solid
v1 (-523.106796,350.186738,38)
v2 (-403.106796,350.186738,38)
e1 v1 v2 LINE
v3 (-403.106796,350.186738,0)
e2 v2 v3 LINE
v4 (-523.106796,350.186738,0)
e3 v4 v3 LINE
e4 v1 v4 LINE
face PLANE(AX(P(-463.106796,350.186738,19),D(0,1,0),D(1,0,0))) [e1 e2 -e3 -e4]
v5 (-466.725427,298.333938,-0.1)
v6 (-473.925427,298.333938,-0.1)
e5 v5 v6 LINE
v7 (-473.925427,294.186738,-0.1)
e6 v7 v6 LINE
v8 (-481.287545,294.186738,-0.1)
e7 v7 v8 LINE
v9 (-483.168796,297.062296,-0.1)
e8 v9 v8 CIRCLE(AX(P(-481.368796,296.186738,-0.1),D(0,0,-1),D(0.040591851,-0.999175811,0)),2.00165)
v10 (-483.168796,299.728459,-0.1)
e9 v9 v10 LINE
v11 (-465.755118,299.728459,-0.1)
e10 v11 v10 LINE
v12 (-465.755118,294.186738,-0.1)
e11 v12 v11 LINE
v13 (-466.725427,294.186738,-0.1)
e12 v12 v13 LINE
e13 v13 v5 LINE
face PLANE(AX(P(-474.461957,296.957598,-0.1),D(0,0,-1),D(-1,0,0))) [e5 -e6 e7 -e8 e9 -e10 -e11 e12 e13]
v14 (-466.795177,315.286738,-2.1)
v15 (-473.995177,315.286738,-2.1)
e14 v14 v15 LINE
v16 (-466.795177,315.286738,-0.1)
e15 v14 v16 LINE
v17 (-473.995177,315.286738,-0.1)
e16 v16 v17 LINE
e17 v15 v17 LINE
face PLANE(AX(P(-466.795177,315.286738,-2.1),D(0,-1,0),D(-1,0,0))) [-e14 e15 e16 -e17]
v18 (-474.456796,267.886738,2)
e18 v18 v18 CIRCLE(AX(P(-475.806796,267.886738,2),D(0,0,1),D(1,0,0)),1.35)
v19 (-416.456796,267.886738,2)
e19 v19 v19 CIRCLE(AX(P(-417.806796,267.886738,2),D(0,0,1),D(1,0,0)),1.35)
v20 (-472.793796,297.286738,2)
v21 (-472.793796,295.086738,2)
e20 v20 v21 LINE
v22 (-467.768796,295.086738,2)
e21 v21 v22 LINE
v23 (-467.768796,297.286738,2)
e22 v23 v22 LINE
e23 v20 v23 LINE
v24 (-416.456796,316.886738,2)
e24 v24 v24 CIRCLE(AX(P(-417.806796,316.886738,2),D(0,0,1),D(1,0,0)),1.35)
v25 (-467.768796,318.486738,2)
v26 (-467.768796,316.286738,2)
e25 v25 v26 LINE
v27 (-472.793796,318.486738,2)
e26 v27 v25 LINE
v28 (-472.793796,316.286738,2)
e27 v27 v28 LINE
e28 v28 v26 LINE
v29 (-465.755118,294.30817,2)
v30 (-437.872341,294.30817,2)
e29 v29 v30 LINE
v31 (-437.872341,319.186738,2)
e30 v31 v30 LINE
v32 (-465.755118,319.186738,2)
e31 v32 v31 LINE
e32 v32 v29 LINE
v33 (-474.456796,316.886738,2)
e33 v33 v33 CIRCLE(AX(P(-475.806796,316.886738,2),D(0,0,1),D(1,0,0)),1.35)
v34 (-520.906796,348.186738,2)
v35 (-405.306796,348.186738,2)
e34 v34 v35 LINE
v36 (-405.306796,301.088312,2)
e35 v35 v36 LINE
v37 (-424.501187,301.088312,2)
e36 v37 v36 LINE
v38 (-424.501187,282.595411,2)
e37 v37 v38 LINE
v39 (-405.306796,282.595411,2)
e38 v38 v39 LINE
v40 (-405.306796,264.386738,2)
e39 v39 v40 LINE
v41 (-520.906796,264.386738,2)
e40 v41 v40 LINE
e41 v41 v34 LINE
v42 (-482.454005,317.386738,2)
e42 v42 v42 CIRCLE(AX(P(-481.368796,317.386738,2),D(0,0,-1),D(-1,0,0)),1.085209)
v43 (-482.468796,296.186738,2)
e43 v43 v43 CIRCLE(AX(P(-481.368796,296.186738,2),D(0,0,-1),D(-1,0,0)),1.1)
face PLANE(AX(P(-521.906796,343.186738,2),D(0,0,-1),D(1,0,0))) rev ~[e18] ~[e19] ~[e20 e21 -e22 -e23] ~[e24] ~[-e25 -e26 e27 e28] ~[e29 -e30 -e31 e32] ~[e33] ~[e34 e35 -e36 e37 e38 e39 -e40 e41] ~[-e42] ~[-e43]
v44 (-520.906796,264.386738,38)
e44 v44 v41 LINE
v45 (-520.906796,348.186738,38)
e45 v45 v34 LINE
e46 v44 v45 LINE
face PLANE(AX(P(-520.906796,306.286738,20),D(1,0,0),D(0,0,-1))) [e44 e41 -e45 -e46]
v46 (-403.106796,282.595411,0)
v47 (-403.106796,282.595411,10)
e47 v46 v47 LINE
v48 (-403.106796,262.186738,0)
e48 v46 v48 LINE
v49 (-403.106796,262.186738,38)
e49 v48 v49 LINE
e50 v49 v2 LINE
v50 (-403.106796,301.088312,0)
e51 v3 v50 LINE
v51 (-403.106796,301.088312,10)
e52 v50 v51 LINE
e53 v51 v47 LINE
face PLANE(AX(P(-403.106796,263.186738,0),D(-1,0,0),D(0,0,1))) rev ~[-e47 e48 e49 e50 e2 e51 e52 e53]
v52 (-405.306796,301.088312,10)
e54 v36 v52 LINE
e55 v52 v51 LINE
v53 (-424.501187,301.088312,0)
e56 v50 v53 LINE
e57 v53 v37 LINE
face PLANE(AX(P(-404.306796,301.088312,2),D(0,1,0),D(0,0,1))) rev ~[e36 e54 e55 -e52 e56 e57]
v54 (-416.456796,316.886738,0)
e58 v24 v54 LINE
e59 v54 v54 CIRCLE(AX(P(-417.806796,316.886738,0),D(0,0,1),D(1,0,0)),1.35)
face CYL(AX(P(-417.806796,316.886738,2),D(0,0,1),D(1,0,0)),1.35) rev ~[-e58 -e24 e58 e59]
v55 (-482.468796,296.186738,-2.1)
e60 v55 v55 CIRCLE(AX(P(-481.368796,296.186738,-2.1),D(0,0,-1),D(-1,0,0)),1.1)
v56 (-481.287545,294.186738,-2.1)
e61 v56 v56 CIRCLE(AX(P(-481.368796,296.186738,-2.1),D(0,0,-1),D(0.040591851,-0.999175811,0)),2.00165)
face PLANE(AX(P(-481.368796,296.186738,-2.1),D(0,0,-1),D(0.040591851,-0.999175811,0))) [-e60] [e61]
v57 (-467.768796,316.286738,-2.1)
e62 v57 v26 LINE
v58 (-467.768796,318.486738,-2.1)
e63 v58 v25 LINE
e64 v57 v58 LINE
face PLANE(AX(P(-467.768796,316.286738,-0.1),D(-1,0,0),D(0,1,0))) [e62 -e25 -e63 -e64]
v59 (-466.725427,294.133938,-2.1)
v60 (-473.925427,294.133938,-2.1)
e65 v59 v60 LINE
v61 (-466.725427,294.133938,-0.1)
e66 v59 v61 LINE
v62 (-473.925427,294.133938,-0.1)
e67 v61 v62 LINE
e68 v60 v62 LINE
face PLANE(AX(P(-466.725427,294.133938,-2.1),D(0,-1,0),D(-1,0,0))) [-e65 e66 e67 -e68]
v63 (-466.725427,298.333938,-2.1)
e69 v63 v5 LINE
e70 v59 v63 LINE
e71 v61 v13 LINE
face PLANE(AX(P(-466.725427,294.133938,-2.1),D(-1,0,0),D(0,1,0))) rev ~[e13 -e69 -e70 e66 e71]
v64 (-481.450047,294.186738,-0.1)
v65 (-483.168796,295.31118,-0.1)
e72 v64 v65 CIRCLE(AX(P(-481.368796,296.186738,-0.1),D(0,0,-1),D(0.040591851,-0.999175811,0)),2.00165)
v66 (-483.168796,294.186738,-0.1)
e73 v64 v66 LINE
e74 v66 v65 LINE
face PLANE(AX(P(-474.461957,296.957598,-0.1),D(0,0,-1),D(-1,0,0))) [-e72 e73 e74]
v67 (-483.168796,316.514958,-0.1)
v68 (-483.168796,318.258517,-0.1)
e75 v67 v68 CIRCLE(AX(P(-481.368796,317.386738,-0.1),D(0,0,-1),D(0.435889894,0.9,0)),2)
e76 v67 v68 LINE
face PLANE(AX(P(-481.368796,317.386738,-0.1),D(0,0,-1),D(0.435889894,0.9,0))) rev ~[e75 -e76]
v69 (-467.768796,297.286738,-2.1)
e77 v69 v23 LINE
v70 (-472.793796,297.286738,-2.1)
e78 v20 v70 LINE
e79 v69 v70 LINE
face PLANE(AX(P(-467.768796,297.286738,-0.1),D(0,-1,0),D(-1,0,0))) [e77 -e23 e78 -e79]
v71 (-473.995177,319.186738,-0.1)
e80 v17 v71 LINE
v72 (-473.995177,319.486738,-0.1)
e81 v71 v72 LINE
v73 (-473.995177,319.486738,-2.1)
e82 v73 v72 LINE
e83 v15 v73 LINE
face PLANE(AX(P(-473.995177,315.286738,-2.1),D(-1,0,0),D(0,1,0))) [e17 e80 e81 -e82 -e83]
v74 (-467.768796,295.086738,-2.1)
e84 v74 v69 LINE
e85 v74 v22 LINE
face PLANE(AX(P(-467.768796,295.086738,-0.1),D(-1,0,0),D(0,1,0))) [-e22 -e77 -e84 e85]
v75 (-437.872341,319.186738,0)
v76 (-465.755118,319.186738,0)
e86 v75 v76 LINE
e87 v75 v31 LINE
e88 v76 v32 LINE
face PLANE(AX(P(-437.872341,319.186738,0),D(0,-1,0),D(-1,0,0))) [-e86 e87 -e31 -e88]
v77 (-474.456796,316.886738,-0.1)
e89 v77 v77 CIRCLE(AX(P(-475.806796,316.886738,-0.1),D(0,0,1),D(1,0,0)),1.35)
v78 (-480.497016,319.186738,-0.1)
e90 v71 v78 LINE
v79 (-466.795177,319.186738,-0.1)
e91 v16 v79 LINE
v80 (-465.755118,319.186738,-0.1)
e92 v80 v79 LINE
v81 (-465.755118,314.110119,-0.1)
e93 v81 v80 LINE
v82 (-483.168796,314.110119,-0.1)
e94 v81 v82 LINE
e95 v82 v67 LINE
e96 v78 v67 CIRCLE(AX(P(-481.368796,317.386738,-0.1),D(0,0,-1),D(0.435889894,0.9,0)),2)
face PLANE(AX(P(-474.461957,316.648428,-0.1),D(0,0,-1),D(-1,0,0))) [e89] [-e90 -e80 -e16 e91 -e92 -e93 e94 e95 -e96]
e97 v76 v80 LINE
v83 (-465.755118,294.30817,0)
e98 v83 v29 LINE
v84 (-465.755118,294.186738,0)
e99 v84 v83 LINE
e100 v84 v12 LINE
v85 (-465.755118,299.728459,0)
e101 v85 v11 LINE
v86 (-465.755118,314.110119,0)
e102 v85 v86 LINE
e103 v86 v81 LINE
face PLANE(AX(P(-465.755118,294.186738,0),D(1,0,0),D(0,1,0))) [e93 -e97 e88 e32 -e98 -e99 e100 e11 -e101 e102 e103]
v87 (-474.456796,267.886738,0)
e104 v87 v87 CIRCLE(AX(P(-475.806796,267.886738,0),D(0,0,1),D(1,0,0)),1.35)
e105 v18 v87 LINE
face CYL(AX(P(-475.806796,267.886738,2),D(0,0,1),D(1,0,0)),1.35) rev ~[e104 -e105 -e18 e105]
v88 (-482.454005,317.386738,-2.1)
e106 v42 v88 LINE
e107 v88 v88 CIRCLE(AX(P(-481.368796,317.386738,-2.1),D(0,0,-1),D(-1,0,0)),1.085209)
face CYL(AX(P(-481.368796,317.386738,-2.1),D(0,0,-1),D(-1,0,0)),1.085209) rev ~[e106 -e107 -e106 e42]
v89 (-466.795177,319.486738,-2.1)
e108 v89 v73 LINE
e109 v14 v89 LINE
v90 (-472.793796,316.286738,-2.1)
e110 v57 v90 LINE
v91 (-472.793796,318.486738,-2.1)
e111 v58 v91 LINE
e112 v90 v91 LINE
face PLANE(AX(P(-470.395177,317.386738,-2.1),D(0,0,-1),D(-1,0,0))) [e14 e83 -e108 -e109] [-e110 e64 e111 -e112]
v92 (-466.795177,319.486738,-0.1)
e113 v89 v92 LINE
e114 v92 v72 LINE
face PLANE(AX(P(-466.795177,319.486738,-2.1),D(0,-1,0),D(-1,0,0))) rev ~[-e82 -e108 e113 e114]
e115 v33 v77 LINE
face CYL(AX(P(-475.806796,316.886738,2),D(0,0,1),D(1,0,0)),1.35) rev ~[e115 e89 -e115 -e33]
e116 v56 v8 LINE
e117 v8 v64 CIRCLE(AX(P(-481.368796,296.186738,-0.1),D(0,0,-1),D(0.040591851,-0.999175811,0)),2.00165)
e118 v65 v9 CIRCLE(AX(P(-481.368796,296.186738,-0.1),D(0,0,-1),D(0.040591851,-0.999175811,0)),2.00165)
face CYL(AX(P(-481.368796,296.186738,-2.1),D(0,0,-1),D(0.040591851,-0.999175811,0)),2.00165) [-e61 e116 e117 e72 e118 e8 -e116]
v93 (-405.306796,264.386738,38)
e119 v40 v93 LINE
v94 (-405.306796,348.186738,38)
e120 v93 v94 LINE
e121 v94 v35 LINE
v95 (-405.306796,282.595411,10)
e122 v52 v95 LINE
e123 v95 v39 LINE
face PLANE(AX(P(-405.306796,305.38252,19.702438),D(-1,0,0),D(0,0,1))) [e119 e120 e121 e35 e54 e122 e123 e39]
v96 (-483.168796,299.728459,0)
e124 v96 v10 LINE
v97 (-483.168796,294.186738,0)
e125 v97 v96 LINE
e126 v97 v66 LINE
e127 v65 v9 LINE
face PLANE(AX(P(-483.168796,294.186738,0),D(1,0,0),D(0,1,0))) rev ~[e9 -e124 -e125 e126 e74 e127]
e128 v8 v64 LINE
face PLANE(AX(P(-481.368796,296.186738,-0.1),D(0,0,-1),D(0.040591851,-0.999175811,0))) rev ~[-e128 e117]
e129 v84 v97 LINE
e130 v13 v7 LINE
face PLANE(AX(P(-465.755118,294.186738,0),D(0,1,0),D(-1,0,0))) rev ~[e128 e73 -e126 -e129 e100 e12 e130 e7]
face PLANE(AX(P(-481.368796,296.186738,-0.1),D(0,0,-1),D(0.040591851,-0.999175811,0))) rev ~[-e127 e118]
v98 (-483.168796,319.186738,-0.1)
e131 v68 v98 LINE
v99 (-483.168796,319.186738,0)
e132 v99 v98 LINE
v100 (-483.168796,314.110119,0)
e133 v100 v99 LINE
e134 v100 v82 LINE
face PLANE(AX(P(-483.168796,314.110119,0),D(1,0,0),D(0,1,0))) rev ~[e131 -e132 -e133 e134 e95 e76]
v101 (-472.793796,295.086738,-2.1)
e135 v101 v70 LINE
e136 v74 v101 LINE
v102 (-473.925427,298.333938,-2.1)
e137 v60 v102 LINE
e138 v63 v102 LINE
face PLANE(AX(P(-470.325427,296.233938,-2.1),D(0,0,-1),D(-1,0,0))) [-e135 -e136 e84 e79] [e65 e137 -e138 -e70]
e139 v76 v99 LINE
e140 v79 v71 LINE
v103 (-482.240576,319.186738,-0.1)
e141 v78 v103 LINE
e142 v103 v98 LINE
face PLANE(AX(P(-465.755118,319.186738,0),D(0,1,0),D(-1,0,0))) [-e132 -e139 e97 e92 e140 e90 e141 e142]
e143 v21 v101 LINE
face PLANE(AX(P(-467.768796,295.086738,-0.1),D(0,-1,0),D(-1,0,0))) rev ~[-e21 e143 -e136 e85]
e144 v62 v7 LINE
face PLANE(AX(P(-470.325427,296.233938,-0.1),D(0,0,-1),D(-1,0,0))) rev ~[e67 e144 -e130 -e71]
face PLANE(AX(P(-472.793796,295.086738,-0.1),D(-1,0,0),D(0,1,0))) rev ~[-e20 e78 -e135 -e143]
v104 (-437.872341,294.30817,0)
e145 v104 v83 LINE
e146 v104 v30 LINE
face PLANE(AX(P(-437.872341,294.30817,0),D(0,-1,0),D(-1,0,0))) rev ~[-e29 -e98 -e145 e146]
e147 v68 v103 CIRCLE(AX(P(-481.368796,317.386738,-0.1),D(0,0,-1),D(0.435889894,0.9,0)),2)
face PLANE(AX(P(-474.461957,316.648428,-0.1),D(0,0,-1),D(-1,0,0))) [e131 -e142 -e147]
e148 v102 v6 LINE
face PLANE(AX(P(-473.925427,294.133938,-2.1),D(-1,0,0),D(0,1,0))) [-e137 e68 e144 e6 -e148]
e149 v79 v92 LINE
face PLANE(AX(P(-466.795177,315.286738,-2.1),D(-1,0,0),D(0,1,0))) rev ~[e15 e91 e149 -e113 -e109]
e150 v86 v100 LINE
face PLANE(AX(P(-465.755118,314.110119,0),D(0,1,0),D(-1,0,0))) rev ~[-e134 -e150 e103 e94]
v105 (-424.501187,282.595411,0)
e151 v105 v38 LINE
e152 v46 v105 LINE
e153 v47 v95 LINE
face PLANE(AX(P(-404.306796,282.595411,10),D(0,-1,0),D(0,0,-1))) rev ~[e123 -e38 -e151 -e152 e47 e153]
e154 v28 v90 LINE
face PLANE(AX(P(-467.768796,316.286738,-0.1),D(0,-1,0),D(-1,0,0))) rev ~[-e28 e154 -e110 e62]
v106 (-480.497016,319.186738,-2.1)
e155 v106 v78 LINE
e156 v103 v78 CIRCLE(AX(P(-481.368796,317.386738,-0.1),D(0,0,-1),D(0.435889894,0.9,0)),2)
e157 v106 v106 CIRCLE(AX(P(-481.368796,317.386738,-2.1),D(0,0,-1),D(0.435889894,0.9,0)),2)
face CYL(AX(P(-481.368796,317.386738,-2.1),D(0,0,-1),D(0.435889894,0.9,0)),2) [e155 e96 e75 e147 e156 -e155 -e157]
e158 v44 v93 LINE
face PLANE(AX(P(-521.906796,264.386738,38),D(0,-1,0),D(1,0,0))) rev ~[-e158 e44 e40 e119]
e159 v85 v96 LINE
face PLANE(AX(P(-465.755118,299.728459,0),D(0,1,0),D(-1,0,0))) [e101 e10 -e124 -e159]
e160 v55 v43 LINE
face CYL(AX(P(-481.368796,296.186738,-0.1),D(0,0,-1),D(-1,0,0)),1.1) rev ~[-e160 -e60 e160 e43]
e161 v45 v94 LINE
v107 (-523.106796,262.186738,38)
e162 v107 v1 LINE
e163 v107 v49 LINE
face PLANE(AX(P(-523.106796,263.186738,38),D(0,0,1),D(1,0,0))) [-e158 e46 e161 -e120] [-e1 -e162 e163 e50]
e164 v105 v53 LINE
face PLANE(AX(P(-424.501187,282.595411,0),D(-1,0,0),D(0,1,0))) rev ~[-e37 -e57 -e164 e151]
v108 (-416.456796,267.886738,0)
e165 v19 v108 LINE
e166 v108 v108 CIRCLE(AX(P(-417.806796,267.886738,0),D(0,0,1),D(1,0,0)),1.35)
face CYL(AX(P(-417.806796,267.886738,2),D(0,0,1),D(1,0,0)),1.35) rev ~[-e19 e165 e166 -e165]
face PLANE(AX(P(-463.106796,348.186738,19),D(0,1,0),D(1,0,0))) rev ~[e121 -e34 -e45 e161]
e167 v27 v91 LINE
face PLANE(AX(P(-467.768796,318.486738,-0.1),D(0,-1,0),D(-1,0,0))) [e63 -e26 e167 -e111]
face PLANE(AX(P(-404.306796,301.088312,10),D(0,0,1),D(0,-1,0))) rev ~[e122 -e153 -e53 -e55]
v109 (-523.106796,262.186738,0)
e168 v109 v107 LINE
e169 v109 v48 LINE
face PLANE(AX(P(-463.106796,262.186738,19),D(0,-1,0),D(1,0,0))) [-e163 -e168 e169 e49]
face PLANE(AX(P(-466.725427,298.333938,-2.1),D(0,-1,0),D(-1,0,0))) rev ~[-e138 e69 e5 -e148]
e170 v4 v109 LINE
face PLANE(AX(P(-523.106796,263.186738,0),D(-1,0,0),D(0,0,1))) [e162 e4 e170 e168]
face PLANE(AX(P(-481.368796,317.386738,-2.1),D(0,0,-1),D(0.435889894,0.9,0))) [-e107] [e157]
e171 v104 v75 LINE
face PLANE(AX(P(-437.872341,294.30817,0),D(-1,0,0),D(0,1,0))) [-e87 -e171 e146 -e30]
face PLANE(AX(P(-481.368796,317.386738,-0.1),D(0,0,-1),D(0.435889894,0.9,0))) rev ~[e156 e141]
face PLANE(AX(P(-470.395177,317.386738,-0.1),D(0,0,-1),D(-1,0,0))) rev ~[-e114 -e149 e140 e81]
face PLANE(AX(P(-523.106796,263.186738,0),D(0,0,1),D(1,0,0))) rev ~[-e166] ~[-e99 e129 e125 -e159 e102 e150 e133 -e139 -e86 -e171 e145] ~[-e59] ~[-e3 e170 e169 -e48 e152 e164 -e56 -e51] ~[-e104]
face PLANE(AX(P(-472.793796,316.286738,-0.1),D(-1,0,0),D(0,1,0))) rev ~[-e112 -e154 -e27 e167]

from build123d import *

# Parameters (mm, degrees)
SKETCH_1_W          = 120
SKETCH_1_H          = 80
EXTRUDE_1_DEPTH     = 38
SKETCH_3_W          = 117.6
SKETCH_3_H          = 77.6
CUT_EXTRUDE_1_DEPTH = 36
SKETCH_4_W          = 25.152970524
SKETCH_4_H          = 18.492901276
CUT_EXTRUDE_2_DEPTH = 10
SKETCH_7_W          = 17.413678367
SKETCH_7_H          = 5.076618726
SKETCH_7_H_2        = 5.541721388
EXTRUDE_2_DEPTH     = 0.1
SKETCH_9_W          = 27.882777132
SKETCH_9_H          = 24.878568111
CUT_EXTRUDE_4_DEPTH = 12
SKETCH_12_R         = 1.085209003
SKETCH_12_R_2       = 1.1
SKETCH_12_W         = 5.025
SKETCH_12_H         = 2.2
CUT_EXTRUDE_5_DEPTH = 12
SKETCH_13_R         = 1.35
CUT_EXTRUDE_6_DEPTH = 12
SKETCH_14_W         = 117.6
SKETCH_14_H         = 36
CUT_EXTRUDE_7_DEPTH = 10
EXTRUDE_3_DEPTH     = 5
SKETCH_16_W         = 120
SKETCH_16_H         = 38
EXTRUDE_4_DEPTH     = 2
SKETCH_17_W         = 36
SKETCH_17_H         = 83.8
EXTRUDE_5_DEPTH     = 1
EXTRUDE_6_DEPTH     = 1
SKETCH_19_W         = 120
SKETCH_19_H         = 38
EXTRUDE_7_DEPTH     = 1
EXTRUDE_START       = 2
SKETCH_20_R         = 2
SKETCH_20_R_2       = 1.085209003
SKETCH_20_R_3       = 2.001649737
SKETCH_20_R_4       = 1.1
SKETCH_20_W         = 7.2
SKETCH_20_H         = 4.2
SKETCH_20_W_2       = 5.025
SKETCH_20_H_2       = 2.2
EXTRUDE_8_DEPTH     = 2


with BuildPart() as part:
    # 草图1 → 凸台-拉伸1 (new body)
    with BuildSketch(Plane.XY):
        with Locations((-463.106796117, 303.186737633)):
            Rectangle(SKETCH_1_W, SKETCH_1_H)
    extrude(amount=EXTRUDE_1_DEPTH)

    # 草图3 → 切除-拉伸1 (cut)
    with BuildSketch(Plane.XY.offset(38)):
        with Locations((-463.106796117, 303.186737633)):
            Rectangle(SKETCH_3_W, SKETCH_3_H)
    extrude(amount=-CUT_EXTRUDE_1_DEPTH, mode=Mode.SUBTRACT)

    # 草图4 → 切除-拉伸2 (cut)
    with BuildSketch(Plane(origin=(0, 0, 0), x_dir=(-1, 0, 0), z_dir=(0, 0, -1))):
        with Locations((411.924701676, 291.841861287)):
            Rectangle(SKETCH_4_W, SKETCH_4_H)
    extrude(amount=-CUT_EXTRUDE_2_DEPTH, mode=Mode.SUBTRACT)

    # 草图7 → 凸台-拉伸2 (add)
    with BuildSketch(Plane(origin=(0, 0, 0), x_dir=(-1, 0, 0), z_dir=(0, 0, -1))):
        with Locations((474.461956934, 316.64842827)):
            Rectangle(SKETCH_7_W, SKETCH_7_H)
        with Locations((474.461956934, 296.957598327)):
            Rectangle(SKETCH_7_W, SKETCH_7_H_2)
    extrude(amount=EXTRUDE_2_DEPTH)

    # 草图9 → 切除-拉伸4 (cut)
    with BuildSketch(Plane(origin=(0, 0, 0), x_dir=(-1, 0, 0), z_dir=(0, 0, -1))):
        with Locations((451.813729184, 306.747453577)):
            Rectangle(SKETCH_9_W, SKETCH_9_H)
    extrude(amount=-CUT_EXTRUDE_4_DEPTH, mode=Mode.SUBTRACT)

    # 草图12 → 切除-拉伸5 (cut)
    with BuildSketch(Plane(origin=(0, 0, -0.1), x_dir=(-1, 0, 0), z_dir=(0, 0, -1))):
        with Locations((481.368796117, 317.386737633)):
            Circle(SKETCH_12_R)
        with Locations((481.368796117, 296.186737633)):
            Circle(SKETCH_12_R_2)
        with Locations((470.281296117, 317.386737633)):
            Rectangle(SKETCH_12_W, SKETCH_12_H)
        with Locations((470.281296117, 296.186737633)):
            Rectangle(SKETCH_12_W, SKETCH_12_H)
    extrude(amount=-CUT_EXTRUDE_5_DEPTH, mode=Mode.SUBTRACT)

    # 草图13 → 切除-拉伸6 (cut)
    with BuildSketch(Plane.XY.offset(2)):
        with Locations((-475.806796117, 316.886737633)):
            Circle(SKETCH_13_R)
        with Locations((-417.806796117, 316.886737633)):
            Circle(SKETCH_13_R)
        with Locations((-417.806796117, 267.886737633)):
            Circle(SKETCH_13_R)
        with Locations((-475.806796117, 267.886737633)):
            Circle(SKETCH_13_R)
    extrude(amount=-CUT_EXTRUDE_6_DEPTH, mode=Mode.SUBTRACT)

    # 草图14 → 切除-拉伸7 (cut)
    with BuildSketch(Plane.XZ.offset(-341.986737633)):
        with Locations((-463.106796117, 20)):
            Rectangle(SKETCH_14_W, SKETCH_14_H)
    extrude(amount=-CUT_EXTRUDE_7_DEPTH, mode=Mode.SUBTRACT)

    # 草图15 → 凸台-拉伸3 (add)
    with BuildSketch(Plane(origin=(0, 343.186737633, 0), x_dir=(1, 0, 0), z_dir=(0, 1, 0))):
        Polygon((-521.906796117, -2), (-404.306796117, -2), (-404.306796117, -38), (-403.106796117, -38), (-403.106796117, 0), (-523.106796117, 0), (-523.106796117, -38), (-521.906796117, -38), align=None)
    extrude(amount=EXTRUDE_3_DEPTH)

    # 草图16 → 凸台-拉伸4 (add)
    with BuildSketch(Plane(origin=(0, 348.186737633, 0), x_dir=(1, 0, 0), z_dir=(0, 1, 0))):
        with Locations((-463.106796117, -19)):
            Rectangle(SKETCH_16_W, SKETCH_16_H)
    extrude(amount=EXTRUDE_4_DEPTH)

    # 草图17 → 凸台-拉伸5 (add)
    with BuildSketch(Plane(origin=(-521.906796117, 0, 0), x_dir=(0, 0, -1), z_dir=(1, 0, 0))):
        with Locations((-20, 306.286737633)):
            Rectangle(SKETCH_17_W, SKETCH_17_H)
    extrude(amount=EXTRUDE_5_DEPTH)

    # 草图18 → 凸台-拉伸6 (add)
    with BuildSketch(Plane.ZY.offset(404.306796117)):
        Polygon((10, 301.088311925), (10, 282.595410649), (2, 282.595410649), (2, 264.386737633), (38, 264.386737633), (38, 348.186737633), (2, 348.186737633), (2, 301.088311925), align=None)
    extrude(amount=EXTRUDE_6_DEPTH)

    # 草图19 → 凸台-拉伸7 (add)
    with BuildSketch(Plane.XZ.offset(-263.186737633)):
        with Locations((-463.106796117, 19)):
            Rectangle(SKETCH_19_W, SKETCH_19_H)
    extrude(amount=EXTRUDE_7_DEPTH)

    # 草图20 → 凸台-拉伸8 (add)
    # profile 1 of 4: a face of its own
    with BuildSketch(Plane(origin=(0, 0, -0.1), x_dir=(-1, 0, 0), z_dir=(0, 0, -1)).offset(EXTRUDE_START)):
        with Locations(Location((481.368796117, 317.386737633, 0), (0, 0, 115.841932763))):
            Circle(SKETCH_20_R)
        with Locations((481.368796117, 317.386737633)):
            Circle(SKETCH_20_R_2, mode=Mode.SUBTRACT)
    # profile 2 of 4: a face of its own
    with BuildSketch(Plane(origin=(0, 0, -0.1), x_dir=(-1, 0, 0), z_dir=(0, 0, -1)).offset(EXTRUDE_START)):
        with Locations(Location((481.368796117, 296.186737633, 0), (0, 0, 267.673619076))):
            Circle(SKETCH_20_R_3)
        with Locations((481.368796117, 296.186737633)):
            Circle(SKETCH_20_R_4, mode=Mode.SUBTRACT)
    # profile 3 of 4: a face of its own
    with BuildSketch(Plane(origin=(0, 0, -0.1), x_dir=(-1, 0, 0), z_dir=(0, 0, -1)).offset(EXTRUDE_START)):
        with Locations((470.395177276, 317.386737633)):
            Rectangle(SKETCH_20_W, SKETCH_20_H)
        with Locations((470.281296117, 317.386737633)):
            Rectangle(SKETCH_20_W_2, SKETCH_20_H_2, mode=Mode.SUBTRACT)
    # profile 4 of 4: a face of its own
    with BuildSketch(Plane(origin=(0, 0, -0.1), x_dir=(-1, 0, 0), z_dir=(0, 0, -1)).offset(EXTRUDE_START)):
        with Locations((470.325427447, 296.233937818)):
            Rectangle(SKETCH_20_W, SKETCH_20_H)
        with Locations((470.281296117, 296.186737633)):
            Rectangle(SKETCH_20_W_2, SKETCH_20_H_2, mode=Mode.SUBTRACT)
    extrude(amount=-EXTRUDE_8_DEPTH)


solid = part.part
